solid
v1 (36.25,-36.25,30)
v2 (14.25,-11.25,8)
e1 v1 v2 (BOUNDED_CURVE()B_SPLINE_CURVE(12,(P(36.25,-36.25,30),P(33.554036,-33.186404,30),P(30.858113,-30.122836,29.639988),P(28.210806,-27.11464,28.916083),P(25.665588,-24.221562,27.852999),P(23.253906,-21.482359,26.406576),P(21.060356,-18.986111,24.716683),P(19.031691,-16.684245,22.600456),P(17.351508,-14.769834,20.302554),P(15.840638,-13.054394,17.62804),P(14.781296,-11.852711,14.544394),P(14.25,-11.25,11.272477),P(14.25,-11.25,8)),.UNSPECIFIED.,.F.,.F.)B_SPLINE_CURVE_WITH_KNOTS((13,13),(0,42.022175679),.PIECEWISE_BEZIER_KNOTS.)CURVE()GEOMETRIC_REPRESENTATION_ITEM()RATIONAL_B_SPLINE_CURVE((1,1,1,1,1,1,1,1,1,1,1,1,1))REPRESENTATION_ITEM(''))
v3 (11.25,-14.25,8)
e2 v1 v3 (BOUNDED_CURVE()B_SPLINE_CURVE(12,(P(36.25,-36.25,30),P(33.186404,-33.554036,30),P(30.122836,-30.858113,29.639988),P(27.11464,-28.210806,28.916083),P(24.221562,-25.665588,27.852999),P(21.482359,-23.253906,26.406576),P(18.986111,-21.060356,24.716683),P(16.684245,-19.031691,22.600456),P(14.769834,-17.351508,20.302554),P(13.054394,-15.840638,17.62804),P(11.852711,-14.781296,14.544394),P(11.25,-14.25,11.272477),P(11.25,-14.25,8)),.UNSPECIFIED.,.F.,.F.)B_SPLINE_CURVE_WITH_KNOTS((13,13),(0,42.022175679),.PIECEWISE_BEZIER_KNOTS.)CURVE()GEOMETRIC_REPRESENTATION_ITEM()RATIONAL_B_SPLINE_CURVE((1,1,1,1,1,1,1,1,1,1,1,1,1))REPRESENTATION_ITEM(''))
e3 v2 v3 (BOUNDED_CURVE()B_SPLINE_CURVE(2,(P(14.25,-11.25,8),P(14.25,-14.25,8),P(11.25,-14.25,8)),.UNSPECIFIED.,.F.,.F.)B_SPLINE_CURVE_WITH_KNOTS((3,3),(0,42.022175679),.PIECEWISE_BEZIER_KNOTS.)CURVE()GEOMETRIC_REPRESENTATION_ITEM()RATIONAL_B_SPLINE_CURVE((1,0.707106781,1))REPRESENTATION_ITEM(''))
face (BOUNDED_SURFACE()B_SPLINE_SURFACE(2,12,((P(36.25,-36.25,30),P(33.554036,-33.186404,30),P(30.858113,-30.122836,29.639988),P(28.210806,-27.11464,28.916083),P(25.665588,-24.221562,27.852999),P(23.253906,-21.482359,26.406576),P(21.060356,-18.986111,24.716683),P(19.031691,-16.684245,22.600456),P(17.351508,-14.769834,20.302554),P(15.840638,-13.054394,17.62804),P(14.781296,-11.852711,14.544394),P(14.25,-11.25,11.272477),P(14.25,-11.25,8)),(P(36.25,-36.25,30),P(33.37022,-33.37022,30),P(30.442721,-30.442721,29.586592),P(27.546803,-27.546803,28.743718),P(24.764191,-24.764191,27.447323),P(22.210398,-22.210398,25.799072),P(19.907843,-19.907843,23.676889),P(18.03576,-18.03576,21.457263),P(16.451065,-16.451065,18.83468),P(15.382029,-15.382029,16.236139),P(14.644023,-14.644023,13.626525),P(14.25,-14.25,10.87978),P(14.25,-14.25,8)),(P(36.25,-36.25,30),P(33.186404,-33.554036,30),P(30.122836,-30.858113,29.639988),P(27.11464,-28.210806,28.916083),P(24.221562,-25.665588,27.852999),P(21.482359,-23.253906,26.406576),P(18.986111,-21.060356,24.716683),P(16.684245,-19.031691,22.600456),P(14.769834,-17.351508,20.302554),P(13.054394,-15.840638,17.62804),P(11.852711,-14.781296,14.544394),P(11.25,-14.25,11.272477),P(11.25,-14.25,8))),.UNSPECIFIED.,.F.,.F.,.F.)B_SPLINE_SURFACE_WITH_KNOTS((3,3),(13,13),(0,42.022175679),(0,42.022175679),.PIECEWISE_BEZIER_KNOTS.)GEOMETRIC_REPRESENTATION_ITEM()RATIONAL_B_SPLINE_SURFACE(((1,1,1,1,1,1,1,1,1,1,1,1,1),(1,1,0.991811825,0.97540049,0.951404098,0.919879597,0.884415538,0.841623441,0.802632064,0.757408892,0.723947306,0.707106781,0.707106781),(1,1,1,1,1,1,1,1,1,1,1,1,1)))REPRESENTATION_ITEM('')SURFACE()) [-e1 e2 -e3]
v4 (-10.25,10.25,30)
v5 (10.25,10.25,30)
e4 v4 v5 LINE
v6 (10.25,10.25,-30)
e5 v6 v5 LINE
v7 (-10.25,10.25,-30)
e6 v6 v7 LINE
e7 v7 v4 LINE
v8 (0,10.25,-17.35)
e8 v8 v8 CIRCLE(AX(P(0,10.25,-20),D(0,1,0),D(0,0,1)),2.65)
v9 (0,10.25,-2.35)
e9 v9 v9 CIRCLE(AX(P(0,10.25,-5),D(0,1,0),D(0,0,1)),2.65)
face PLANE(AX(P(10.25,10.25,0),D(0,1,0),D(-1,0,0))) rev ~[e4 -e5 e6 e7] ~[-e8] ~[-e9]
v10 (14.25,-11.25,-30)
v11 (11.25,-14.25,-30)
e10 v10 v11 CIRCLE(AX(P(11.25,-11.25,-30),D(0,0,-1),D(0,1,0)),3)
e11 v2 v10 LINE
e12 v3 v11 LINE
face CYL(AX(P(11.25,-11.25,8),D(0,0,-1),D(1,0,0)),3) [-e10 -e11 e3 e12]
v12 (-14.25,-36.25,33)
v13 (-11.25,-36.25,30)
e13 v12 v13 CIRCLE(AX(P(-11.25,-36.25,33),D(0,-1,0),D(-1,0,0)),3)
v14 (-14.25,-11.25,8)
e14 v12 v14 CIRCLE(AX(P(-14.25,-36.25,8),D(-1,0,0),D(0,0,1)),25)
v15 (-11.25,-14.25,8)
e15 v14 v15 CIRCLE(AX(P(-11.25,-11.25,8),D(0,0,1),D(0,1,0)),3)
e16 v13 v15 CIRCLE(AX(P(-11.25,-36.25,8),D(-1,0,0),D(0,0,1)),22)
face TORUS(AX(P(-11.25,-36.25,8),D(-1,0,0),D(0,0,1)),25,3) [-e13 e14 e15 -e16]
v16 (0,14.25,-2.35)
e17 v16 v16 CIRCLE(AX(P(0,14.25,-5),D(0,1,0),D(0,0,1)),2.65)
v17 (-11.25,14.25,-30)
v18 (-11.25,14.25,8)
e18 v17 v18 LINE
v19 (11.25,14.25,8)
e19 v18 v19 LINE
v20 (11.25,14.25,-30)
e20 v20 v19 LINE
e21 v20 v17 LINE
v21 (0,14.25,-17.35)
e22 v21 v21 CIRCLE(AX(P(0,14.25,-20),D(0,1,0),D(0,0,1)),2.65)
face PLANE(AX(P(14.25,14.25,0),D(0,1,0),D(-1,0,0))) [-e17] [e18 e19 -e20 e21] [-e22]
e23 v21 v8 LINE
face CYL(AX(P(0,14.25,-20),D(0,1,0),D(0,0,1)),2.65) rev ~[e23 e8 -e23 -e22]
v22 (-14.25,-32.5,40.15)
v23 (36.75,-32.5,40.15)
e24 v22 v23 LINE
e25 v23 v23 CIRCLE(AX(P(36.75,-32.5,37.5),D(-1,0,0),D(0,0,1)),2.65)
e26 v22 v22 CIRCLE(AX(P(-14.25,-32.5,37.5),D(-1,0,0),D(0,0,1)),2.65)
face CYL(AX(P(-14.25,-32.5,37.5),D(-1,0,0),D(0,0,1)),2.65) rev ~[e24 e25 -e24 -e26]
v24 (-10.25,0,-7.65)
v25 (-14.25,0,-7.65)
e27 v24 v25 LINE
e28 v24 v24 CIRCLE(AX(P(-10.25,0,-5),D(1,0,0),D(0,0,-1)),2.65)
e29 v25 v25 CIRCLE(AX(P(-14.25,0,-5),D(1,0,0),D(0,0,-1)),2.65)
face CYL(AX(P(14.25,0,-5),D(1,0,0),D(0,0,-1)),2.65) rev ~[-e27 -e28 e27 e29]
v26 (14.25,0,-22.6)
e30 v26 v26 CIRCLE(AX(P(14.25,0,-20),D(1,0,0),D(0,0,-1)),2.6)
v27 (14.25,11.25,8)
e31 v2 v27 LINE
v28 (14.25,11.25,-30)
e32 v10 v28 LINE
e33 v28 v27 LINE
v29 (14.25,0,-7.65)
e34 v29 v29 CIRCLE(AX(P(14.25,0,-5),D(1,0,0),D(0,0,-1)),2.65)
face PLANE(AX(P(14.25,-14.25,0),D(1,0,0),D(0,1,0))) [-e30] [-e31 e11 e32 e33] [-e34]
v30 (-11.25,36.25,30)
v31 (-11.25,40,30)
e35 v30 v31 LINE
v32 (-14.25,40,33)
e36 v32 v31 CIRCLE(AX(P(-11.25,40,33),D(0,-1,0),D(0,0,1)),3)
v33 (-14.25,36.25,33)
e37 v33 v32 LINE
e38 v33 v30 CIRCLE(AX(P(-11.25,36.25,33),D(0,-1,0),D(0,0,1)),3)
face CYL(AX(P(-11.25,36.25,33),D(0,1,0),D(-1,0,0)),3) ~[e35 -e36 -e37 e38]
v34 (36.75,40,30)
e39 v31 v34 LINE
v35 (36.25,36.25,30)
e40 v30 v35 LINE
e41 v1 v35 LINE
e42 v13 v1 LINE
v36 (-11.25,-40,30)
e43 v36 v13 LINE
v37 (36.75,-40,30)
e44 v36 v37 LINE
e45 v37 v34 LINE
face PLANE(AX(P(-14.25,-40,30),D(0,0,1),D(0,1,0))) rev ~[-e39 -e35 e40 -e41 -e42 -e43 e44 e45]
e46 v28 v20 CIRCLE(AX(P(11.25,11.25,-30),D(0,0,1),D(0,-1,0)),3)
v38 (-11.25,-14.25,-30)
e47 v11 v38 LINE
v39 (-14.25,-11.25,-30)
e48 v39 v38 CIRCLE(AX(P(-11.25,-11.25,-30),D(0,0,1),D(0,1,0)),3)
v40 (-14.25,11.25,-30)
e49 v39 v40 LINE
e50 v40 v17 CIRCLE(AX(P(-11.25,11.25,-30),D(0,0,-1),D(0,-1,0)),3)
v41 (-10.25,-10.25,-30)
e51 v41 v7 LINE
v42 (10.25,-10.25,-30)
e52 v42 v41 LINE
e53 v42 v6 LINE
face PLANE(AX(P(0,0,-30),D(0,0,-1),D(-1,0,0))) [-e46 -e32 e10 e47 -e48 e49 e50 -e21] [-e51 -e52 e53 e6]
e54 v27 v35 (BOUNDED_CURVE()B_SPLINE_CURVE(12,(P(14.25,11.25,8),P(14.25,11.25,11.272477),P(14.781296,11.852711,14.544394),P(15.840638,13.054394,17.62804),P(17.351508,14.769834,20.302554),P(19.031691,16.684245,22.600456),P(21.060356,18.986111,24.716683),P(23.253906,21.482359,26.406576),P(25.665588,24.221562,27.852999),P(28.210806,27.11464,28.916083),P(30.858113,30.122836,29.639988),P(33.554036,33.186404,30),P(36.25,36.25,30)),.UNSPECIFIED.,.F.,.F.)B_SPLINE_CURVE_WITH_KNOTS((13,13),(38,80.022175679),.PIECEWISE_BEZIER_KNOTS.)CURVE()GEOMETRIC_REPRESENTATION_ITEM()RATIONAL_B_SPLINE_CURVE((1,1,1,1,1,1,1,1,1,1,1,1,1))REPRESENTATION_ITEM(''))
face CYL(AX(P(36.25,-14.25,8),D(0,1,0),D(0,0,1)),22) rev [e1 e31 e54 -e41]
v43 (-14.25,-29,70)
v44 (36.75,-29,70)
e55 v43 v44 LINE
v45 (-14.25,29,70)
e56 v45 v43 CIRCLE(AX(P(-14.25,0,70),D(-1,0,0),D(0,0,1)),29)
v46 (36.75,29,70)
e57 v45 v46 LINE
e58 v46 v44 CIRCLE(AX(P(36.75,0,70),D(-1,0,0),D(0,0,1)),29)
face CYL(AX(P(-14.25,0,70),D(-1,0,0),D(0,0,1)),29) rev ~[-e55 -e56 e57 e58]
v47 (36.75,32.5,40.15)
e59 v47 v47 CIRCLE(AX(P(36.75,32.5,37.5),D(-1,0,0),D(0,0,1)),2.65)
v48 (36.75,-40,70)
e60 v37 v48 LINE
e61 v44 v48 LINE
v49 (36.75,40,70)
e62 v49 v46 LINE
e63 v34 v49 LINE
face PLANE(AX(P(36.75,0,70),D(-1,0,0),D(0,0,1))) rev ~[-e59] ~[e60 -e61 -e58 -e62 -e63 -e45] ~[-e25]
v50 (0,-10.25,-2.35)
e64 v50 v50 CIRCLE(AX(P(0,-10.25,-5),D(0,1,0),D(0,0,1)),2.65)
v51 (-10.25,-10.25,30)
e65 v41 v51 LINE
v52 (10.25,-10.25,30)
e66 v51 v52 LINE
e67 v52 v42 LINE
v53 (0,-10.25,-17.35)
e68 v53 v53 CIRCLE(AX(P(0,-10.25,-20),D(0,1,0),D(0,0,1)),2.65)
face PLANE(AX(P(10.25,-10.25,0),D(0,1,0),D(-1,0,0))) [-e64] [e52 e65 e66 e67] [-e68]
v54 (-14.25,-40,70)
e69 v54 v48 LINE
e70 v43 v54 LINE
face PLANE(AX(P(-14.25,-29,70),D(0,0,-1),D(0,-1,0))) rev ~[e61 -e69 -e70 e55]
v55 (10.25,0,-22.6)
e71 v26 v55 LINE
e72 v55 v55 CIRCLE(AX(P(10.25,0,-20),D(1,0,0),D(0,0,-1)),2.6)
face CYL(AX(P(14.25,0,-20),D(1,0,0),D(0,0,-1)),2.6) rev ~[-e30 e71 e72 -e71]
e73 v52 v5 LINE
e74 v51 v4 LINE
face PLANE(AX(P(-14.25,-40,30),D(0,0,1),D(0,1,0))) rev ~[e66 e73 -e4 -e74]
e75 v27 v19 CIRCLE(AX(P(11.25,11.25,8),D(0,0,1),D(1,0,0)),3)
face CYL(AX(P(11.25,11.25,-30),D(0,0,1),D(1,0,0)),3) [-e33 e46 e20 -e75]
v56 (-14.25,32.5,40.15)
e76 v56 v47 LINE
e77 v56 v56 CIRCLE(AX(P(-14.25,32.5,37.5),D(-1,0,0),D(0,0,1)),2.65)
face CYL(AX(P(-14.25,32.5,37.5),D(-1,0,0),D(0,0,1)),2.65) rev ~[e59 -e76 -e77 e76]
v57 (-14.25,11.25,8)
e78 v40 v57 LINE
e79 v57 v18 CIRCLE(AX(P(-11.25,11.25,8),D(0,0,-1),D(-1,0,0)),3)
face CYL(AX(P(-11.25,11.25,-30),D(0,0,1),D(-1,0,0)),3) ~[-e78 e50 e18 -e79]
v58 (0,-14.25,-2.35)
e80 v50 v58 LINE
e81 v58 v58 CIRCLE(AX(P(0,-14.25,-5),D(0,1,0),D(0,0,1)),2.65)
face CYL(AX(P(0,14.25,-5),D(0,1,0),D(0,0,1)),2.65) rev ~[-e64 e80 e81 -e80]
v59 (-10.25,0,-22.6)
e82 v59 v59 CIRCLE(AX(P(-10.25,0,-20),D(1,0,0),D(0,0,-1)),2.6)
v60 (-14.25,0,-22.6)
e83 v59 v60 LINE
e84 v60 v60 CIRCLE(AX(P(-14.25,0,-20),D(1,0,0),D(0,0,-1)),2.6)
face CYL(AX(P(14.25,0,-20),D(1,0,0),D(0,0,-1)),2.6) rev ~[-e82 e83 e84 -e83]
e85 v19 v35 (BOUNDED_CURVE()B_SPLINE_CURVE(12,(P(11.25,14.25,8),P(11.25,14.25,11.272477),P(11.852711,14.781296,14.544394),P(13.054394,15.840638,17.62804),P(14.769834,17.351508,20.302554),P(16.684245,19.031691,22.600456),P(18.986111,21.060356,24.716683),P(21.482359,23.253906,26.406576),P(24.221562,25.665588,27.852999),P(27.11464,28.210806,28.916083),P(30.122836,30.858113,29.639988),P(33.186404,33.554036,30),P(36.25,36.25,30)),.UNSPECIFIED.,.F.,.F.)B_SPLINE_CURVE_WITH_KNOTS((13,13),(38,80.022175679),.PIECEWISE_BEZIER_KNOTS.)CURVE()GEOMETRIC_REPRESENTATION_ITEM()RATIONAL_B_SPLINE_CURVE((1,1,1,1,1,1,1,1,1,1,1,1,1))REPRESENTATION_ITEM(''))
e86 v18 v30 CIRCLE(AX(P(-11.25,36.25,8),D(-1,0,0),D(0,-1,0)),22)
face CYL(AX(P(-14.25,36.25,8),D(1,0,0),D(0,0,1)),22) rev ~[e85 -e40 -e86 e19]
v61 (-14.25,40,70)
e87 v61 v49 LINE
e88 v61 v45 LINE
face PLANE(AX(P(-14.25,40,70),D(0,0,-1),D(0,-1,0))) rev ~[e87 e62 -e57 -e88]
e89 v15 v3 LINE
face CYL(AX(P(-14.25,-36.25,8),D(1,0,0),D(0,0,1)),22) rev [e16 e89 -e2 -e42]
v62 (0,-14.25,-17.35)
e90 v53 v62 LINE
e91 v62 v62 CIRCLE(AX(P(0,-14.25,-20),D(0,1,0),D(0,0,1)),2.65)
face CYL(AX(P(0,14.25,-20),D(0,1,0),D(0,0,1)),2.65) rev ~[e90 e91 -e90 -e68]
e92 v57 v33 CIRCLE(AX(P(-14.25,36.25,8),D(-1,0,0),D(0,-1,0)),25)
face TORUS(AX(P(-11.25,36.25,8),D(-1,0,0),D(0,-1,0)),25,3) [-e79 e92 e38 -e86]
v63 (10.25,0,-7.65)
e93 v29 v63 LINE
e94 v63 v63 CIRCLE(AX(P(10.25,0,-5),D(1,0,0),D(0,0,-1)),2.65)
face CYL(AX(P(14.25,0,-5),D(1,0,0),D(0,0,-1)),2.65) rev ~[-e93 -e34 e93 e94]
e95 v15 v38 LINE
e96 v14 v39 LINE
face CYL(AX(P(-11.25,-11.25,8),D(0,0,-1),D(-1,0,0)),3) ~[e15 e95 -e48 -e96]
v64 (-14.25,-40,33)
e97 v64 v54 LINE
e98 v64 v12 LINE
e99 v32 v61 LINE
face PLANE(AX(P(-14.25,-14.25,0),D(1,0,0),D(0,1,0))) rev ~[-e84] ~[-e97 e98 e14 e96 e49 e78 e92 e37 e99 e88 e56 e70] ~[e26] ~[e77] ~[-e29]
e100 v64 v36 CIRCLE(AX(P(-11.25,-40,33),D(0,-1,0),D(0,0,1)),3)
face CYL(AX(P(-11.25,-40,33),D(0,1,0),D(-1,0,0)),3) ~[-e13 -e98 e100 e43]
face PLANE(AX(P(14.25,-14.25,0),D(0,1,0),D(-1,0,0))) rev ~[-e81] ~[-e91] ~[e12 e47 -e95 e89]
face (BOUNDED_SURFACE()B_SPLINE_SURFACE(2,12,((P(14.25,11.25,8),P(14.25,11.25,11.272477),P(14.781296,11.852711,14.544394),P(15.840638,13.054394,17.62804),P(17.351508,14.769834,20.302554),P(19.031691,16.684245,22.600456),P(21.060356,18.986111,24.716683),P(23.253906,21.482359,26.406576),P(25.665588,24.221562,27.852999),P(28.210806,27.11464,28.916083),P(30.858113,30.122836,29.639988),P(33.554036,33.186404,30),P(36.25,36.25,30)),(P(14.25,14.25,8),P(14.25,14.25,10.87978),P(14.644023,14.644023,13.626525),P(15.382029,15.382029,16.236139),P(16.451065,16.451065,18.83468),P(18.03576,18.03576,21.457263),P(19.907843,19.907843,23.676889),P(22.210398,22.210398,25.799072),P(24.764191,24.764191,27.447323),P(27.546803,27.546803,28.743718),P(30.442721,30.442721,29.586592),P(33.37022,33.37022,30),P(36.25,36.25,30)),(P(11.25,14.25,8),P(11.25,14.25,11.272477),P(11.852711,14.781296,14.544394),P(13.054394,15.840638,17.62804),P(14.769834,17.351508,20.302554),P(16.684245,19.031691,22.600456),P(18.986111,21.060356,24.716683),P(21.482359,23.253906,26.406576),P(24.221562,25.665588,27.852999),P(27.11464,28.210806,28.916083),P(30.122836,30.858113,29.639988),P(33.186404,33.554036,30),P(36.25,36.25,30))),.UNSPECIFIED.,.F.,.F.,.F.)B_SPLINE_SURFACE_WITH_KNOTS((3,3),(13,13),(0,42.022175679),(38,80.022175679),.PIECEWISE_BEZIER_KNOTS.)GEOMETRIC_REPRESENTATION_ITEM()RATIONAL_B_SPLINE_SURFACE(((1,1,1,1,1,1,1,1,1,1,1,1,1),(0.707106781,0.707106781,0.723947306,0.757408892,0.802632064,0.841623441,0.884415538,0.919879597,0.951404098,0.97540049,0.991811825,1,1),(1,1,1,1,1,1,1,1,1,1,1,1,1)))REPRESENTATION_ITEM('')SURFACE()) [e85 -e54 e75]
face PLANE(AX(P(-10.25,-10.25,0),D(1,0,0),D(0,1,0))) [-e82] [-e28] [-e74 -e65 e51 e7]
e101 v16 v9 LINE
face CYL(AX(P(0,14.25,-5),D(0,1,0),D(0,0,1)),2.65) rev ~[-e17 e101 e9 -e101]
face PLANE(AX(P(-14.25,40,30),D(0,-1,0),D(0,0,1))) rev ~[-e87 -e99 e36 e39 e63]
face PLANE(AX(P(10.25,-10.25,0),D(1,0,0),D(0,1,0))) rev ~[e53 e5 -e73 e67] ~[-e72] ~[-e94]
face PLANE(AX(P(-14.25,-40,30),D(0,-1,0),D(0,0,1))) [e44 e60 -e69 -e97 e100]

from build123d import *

# Parameters (mm, degrees)
SKETCH_1_W          = 28.5
SKETCH_1_H          = 28.5
SKETCH_1_W_2        = 20.5
SKETCH_1_H_2        = 20.5
EXTRUDE_1_DEPTH     = 30
SKETCH_2_W          = 80
SKETCH_2_H          = 80
SKETCH_2_R          = 29
EXTRUDE_2_DEPTH     = 51
FILLET_1_R          = 22
CUT_EXTRUDE_1_DEPTH = 51
SKETCH_5_W          = 28.5
SKETCH_5_H          = 28.5
SKETCH_5_W_2        = 20.5
SKETCH_5_H_2        = 20.5
EXTRUDE_3_DEPTH     = 30
SKETCH_6_R          = 2.6
SKETCH_6_R_2        = 2.65
CUT_EXTRUDE_2_DEPTH = 30
SKETCH_7_R          = 2.65
CUT_EXTRUDE_3_DEPTH = 30
SKETCH_8_R          = 2.65
CUT_EXTRUDE_4_DEPTH = 96.399161422
FILLET_3_R          = 3


with BuildPart() as part:
    # 草图1 → 凸台-拉伸1 (new body)
    with BuildSketch(Plane.XY):
        Rectangle(SKETCH_1_W, SKETCH_1_H)
        Rectangle(SKETCH_1_W_2, SKETCH_1_H_2, mode=Mode.SUBTRACT)
    extrude(amount=EXTRUDE_1_DEPTH)

    # 草图2 → 凸台-拉伸2 (add)
    with BuildSketch(Plane.ZY.offset(14.25)):
        with Locations((70, 0)):
            Rectangle(SKETCH_2_W, SKETCH_2_H)
        with Locations((70, 0)):
            Circle(SKETCH_2_R, mode=Mode.SUBTRACT)
    extrude(amount=-EXTRUDE_2_DEPTH)

    # 圆角1
    fillet_1_edges = [part.edges().sort_by_distance(p)[0] for p in [
        (14.25, 0, 30),
        (0, 14.25, 30),
        (0, -14.25, 30),
    ]]
    fillet(fillet_1_edges, radius=FILLET_1_R)

    # 草图3 → 切除-拉伸1 (cut)
    with BuildSketch(Plane.ZY.offset(14.25)):
        with BuildLine():
            Line((70, -29), (70, -40))
            Line((70, -40), (110, -40))
            Line((110, -40), (110, 40))
            Line((110, 40), (70, 40))
            Line((70, 40), (70, 29))
            ThreePointArc((70, 29), (90.506096654, 20.506096654), (99, 0))
            ThreePointArc((99, 0), (90.506096654, -20.506096654), (70, -29))
        make_face()
    extrude(amount=-CUT_EXTRUDE_1_DEPTH, mode=Mode.SUBTRACT)

    # 草图5 → 凸台-拉伸3 (add)
    with BuildSketch(Plane(origin=(0, 0, 0), x_dir=(-1, 0, 0), z_dir=(0, 0, -1))):
        Rectangle(SKETCH_5_W, SKETCH_5_H)
        Rectangle(SKETCH_5_W_2, SKETCH_5_H_2, mode=Mode.SUBTRACT)
    extrude(amount=EXTRUDE_3_DEPTH)

    # 草图6 → 切除-拉伸2 (cut)
    with BuildSketch(Plane(origin=(14.25, 0, 0), x_dir=(0, 0, -1), z_dir=(1, 0, 0))):
        with Locations((20, 0)):
            Circle(SKETCH_6_R)
        with Locations((5, 0)):
            Circle(SKETCH_6_R_2)
    extrude(amount=-CUT_EXTRUDE_2_DEPTH, mode=Mode.SUBTRACT)

    # 草图7 → 切除-拉伸3 (cut)
    with BuildSketch(Plane(origin=(0, 14.25, 0), x_dir=(1, 0, 0), z_dir=(0, 1, 0))):
        with Locations(Location((0, 20, 0), (0, 0, 270))):
            Circle(SKETCH_7_R)
        with Locations(Location((0, 5, 0), (0, 0, 270))):
            Circle(SKETCH_7_R)
    extrude(amount=-CUT_EXTRUDE_3_DEPTH, mode=Mode.SUBTRACT)

    # 草图8 → 切除-拉伸4 (cut, through all)
    with BuildSketch(Plane.ZY.offset(14.25)):
        with Locations((37.5, 32.5)):
            Circle(SKETCH_8_R)
        with Locations((37.5, -32.5)):
            Circle(SKETCH_8_R)
    extrude(amount=-CUT_EXTRUDE_4_DEPTH, mode=Mode.SUBTRACT)

    # 圆角3
    fillet_3_edges = [part.edges().sort_by_distance(p)[0] for p in [
        (-14.25, -38.125, 30),
        (-14.25, 38.125, 30),
        (14.25, -14.25, -11),
        (-14.25, -14.25, -11),
        (14.25, 14.25, -11),
        (-14.25, 14.25, -11),
        (-14.25, -20.693650814, 23.556349186),
        (-14.25, 20.693650814, 23.556349186),
        (22.036924037, 22.036924037, 24.792512369),
        (22.036924037, -22.036924037, 24.792512369),
    ]]
    fillet(fillet_3_edges, radius=FILLET_3_R)


solid = part.part
